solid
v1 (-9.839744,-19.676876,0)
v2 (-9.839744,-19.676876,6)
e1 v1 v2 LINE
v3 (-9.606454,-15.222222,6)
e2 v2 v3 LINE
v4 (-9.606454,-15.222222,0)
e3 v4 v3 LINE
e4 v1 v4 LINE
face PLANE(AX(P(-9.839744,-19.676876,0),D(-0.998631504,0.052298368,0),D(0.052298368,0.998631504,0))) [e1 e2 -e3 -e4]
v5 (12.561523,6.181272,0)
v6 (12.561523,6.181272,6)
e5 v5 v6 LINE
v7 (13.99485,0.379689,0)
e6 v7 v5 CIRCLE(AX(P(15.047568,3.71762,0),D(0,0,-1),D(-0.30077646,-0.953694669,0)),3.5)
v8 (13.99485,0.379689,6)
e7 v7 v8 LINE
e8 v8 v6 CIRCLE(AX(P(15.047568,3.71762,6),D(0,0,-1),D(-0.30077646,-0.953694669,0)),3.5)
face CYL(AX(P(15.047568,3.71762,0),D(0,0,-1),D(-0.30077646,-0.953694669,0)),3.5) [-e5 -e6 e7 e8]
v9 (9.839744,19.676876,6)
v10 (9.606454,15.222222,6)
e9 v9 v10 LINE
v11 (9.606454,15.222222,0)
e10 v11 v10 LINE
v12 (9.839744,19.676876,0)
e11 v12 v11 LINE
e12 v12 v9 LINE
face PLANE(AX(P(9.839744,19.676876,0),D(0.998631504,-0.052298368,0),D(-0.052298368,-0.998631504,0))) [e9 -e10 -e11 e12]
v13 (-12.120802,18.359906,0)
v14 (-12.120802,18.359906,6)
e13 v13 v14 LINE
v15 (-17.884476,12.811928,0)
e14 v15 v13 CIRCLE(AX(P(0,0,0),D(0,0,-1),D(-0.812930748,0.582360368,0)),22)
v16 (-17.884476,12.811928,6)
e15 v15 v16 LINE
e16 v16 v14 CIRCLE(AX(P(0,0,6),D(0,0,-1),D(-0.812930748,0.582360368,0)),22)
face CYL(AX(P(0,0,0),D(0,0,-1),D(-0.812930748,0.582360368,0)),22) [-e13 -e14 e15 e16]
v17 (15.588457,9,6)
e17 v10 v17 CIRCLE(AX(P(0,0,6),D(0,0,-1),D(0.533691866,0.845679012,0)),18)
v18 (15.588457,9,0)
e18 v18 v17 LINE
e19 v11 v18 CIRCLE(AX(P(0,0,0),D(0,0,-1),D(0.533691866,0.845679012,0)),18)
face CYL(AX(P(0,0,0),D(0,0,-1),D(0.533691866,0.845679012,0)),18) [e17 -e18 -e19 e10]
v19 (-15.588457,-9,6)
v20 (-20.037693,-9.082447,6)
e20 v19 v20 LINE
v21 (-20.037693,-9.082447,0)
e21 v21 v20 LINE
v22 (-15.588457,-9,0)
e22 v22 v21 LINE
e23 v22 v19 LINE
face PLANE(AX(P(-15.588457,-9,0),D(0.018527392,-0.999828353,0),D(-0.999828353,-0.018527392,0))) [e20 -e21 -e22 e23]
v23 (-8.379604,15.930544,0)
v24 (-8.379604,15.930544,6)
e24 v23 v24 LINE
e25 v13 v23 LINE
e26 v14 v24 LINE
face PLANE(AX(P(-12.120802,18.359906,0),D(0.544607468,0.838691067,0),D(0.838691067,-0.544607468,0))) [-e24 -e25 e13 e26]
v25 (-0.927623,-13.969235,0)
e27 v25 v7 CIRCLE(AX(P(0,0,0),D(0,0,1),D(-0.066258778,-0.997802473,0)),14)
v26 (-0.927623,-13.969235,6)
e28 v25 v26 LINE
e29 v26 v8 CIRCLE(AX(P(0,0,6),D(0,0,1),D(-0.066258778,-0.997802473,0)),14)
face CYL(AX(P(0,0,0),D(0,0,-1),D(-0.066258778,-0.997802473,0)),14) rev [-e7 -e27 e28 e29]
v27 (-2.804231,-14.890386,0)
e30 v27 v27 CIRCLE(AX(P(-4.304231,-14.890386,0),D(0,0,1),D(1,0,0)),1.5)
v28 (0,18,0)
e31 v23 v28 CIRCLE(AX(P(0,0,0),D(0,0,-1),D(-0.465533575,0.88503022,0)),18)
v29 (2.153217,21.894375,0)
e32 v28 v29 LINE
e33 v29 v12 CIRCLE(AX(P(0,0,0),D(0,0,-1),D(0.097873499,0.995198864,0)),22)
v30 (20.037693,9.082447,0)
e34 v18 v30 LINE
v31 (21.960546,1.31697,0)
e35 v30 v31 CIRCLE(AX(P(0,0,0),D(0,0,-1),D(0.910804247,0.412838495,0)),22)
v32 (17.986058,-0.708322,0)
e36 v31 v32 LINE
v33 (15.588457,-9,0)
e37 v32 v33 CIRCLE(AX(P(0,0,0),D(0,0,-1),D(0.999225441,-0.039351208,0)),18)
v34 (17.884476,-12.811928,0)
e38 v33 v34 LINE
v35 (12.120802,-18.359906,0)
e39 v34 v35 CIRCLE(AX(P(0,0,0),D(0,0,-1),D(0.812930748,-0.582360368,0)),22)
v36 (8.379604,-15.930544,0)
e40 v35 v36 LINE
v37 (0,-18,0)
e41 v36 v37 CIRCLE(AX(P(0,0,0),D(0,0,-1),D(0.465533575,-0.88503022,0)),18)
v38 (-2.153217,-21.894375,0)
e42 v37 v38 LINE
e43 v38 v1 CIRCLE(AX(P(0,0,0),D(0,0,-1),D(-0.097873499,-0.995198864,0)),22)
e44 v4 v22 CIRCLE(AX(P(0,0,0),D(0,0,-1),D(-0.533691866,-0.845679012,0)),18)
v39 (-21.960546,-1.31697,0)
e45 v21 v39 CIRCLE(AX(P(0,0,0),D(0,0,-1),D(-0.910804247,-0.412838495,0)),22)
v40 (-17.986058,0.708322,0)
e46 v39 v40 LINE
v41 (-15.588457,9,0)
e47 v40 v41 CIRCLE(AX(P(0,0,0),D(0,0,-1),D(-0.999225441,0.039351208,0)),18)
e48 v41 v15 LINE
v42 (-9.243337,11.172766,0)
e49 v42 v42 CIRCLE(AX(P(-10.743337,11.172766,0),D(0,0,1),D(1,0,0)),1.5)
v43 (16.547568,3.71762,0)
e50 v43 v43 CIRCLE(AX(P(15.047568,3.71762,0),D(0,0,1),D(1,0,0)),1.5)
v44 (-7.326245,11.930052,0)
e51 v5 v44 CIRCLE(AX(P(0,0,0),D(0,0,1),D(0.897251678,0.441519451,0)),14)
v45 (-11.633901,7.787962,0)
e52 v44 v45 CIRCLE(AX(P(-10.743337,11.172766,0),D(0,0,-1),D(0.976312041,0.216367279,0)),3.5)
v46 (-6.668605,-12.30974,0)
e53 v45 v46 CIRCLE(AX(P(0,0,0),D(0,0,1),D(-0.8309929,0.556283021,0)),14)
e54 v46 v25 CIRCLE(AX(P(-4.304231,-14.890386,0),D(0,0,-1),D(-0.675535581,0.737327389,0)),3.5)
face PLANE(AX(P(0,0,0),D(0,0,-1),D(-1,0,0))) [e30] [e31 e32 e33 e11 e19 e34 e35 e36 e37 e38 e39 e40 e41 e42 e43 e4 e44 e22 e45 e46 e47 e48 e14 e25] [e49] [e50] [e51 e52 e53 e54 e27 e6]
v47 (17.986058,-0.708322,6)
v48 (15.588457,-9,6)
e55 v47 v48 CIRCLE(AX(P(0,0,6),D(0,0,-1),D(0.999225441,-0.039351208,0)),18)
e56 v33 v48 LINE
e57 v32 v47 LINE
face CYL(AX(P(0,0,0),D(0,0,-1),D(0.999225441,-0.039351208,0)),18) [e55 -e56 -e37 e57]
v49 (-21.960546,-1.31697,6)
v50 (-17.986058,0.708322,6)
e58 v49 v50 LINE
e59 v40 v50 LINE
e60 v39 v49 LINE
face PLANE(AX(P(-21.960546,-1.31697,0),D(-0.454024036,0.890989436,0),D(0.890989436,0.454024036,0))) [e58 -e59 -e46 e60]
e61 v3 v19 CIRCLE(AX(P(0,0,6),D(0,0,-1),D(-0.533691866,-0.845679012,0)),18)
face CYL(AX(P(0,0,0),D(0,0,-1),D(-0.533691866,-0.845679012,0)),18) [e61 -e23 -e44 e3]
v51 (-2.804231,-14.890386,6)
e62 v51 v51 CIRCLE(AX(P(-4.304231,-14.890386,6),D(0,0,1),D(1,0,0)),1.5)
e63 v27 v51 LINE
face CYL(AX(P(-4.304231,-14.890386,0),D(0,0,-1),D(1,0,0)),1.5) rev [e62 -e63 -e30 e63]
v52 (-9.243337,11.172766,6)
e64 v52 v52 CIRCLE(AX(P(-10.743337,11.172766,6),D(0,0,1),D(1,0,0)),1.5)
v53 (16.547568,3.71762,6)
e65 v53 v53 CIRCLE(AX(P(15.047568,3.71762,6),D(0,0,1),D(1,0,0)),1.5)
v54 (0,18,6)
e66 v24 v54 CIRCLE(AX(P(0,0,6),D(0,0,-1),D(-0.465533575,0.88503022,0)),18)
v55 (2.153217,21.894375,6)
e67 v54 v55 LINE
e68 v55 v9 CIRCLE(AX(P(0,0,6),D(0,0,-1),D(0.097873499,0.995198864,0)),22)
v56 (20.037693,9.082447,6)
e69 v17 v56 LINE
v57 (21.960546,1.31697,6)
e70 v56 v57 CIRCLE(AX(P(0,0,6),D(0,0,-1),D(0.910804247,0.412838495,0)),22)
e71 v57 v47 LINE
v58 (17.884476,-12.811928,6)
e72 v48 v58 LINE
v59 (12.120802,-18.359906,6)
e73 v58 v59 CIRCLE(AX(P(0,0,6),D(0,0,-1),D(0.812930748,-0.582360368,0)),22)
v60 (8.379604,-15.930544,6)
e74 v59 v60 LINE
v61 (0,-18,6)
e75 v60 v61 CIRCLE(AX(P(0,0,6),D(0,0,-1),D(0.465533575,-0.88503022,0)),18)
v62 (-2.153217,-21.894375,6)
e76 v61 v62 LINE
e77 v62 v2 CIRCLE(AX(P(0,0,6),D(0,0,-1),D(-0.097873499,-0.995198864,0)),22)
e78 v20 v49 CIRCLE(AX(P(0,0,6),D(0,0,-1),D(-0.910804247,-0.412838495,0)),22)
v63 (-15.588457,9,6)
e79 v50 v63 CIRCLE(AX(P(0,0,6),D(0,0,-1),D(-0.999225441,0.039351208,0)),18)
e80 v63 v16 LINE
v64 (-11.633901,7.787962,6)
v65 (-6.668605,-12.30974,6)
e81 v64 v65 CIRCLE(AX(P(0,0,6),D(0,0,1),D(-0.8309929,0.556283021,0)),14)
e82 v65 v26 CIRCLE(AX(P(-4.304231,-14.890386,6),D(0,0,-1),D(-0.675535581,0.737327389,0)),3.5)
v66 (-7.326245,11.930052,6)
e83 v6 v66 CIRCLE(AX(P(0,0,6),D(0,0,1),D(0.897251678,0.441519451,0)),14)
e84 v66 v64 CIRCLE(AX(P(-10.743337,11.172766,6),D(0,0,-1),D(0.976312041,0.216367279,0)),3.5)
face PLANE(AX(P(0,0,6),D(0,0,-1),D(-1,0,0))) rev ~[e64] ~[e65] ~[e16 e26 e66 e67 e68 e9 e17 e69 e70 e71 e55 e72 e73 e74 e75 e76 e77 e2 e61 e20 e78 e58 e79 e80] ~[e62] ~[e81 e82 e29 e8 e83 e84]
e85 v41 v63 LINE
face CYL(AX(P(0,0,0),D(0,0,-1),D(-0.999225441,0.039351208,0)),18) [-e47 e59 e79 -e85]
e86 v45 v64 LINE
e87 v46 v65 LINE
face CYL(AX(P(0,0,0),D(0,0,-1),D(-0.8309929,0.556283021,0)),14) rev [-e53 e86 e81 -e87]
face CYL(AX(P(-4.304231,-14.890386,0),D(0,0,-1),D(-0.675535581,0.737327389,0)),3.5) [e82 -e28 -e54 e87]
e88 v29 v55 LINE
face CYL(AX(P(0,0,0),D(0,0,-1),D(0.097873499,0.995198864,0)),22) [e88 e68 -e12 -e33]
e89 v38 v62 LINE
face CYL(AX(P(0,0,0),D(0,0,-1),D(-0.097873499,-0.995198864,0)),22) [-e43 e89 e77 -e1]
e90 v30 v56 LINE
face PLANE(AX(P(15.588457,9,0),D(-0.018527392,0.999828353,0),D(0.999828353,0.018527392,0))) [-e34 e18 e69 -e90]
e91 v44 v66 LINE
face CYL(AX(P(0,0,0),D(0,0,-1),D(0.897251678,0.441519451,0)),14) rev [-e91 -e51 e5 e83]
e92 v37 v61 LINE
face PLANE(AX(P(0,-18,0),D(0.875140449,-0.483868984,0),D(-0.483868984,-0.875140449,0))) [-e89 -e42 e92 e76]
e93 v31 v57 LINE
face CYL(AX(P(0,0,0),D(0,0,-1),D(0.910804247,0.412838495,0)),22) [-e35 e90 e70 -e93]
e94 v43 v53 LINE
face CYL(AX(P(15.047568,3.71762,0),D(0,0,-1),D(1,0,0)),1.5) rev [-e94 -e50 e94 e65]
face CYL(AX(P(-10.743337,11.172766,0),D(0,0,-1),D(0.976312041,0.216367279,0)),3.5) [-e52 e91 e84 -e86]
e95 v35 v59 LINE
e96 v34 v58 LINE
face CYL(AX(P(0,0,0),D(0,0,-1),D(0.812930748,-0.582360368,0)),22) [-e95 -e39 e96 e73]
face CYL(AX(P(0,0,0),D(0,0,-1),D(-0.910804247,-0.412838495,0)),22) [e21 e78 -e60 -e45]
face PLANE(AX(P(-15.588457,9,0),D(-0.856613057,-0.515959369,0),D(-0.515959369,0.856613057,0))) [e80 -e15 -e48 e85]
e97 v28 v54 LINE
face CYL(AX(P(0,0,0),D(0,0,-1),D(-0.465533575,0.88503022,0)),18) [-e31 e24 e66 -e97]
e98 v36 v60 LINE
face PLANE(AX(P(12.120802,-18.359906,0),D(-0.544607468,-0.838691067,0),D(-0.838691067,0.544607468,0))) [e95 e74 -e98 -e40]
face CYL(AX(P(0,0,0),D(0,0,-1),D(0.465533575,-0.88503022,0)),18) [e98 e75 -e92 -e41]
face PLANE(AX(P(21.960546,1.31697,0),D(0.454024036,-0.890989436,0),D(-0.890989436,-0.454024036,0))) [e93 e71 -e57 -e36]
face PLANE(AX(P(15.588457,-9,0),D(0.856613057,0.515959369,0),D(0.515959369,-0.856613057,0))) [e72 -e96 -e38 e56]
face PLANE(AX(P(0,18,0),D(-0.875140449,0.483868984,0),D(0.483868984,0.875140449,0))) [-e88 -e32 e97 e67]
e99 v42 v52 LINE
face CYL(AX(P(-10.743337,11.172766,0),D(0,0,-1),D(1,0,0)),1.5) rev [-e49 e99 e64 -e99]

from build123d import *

# Parameters (mm, degrees)
ESQUISSE1_R        = 1.5
BOSS_EXTRU_1_DEPTH = 6


with BuildPart() as part:
    # Esquisse1 → Boss.-Extru.1 (new body)
    with BuildSketch(Plane.XY):
        with BuildLine():
            Line((0, 18), (2.153216979, 21.894375))
            ThreePointArc((2.153216979, 21.894375), (6.098122971, 21.137949197), (9.83974396, 19.676875738))
            Line((9.83974396, 19.676875738), (9.606453592, 15.222222222))
            ThreePointArc((9.606453592, 15.222222222), (12.975935252, 12.474979132), (15.588457268, 9))
            Line((15.588457268, 9), (20.03769344, 9.082446896))
            ThreePointArc((20.03769344, 9.082446896), (21.355062473, 5.28784519), (21.960546236, 1.316969633))
            Line((21.960546236, 1.316969633), (17.986057943, -0.70832174))
            ThreePointArc((17.986057943, -0.70832174), (17.291616466, -5), (15.588457268, -9))
            Line((15.588457268, -9), (17.88447646, -12.811928104))
            ThreePointArc((17.88447646, -12.811928104), (15.256939503, -15.850104006), (12.120802276, -18.359906105))
            Line((12.120802276, -18.359906105), (8.37960435, -15.930543962))
            ThreePointArc((8.37960435, -15.930543962), (4.315681214, -17.474979132), (0, -18))
            Line((0, -18), (-2.153216979, -21.894375))
            ThreePointArc((-2.153216979, -21.894375), (-6.098122971, -21.137949197), (-9.83974396, -19.676875738))
            Line((-9.83974396, -19.676875738), (-9.606453592, -15.222222222))
            ThreePointArc((-9.606453592, -15.222222222), (-12.975935252, -12.474979132), (-15.588457268, -9))
            Line((-15.588457268, -9), (-20.03769344, -9.082446896))
            ThreePointArc((-20.03769344, -9.082446896), (-21.355062473, -5.28784519), (-21.960546236, -1.316969633))
            Line((-21.960546236, -1.316969633), (-17.986057943, 0.70832174))
            ThreePointArc((-17.986057943, 0.70832174), (-17.291616466, 5), (-15.588457268, 9))
            Line((-15.588457268, 9), (-17.88447646, 12.811928104))
            ThreePointArc((-17.88447646, 12.811928104), (-15.256939503, 15.850104006), (-12.120802276, 18.359906105))
            Line((-12.120802276, 18.359906105), (-8.37960435, 15.930543962))
            ThreePointArc((-8.37960435, 15.930543962), (-4.315681214, 17.474979132), (0, 18))
        make_face()
        with Locations((-10.743337321, 11.17276614)):
            Circle(ESQUISSE1_R, mode=Mode.SUBTRACT)
        with Locations((15.047567968, 3.717619972)):
            Circle(ESQUISSE1_R, mode=Mode.SUBTRACT)
        with Locations((-4.304230647, -14.890386111)):
            Circle(ESQUISSE1_R, mode=Mode.SUBTRACT)
        with BuildLine():
            ThreePointArc((-11.633900603, 7.787962299), (-13.591351713, -3.357850297), (-6.668605179, -12.309740248))
            ThreePointArc((-6.668605179, -12.309740248), (-3.332307598, -11.52804086), (-0.927622893, -13.969234616))
            ThreePointArc((-0.927622893, -13.969234616), (9.703659516, -10.091530707), (13.994850358, 0.379688631))
            ThreePointArc((13.994850358, 0.379688631), (11.64973004, 2.878157397), (12.561523496, 6.181272318))
            ThreePointArc((12.561523496, 6.181272318), (3.887692197, 13.449381004), (-7.326245179, 11.930051617))
            ThreePointArc((-7.326245179, 11.930051617), (-8.317422442, 8.649883463), (-11.633900603, 7.787962299))
        make_face(mode=Mode.SUBTRACT)
    extrude(amount=BOSS_EXTRU_1_DEPTH)


solid = part.part
